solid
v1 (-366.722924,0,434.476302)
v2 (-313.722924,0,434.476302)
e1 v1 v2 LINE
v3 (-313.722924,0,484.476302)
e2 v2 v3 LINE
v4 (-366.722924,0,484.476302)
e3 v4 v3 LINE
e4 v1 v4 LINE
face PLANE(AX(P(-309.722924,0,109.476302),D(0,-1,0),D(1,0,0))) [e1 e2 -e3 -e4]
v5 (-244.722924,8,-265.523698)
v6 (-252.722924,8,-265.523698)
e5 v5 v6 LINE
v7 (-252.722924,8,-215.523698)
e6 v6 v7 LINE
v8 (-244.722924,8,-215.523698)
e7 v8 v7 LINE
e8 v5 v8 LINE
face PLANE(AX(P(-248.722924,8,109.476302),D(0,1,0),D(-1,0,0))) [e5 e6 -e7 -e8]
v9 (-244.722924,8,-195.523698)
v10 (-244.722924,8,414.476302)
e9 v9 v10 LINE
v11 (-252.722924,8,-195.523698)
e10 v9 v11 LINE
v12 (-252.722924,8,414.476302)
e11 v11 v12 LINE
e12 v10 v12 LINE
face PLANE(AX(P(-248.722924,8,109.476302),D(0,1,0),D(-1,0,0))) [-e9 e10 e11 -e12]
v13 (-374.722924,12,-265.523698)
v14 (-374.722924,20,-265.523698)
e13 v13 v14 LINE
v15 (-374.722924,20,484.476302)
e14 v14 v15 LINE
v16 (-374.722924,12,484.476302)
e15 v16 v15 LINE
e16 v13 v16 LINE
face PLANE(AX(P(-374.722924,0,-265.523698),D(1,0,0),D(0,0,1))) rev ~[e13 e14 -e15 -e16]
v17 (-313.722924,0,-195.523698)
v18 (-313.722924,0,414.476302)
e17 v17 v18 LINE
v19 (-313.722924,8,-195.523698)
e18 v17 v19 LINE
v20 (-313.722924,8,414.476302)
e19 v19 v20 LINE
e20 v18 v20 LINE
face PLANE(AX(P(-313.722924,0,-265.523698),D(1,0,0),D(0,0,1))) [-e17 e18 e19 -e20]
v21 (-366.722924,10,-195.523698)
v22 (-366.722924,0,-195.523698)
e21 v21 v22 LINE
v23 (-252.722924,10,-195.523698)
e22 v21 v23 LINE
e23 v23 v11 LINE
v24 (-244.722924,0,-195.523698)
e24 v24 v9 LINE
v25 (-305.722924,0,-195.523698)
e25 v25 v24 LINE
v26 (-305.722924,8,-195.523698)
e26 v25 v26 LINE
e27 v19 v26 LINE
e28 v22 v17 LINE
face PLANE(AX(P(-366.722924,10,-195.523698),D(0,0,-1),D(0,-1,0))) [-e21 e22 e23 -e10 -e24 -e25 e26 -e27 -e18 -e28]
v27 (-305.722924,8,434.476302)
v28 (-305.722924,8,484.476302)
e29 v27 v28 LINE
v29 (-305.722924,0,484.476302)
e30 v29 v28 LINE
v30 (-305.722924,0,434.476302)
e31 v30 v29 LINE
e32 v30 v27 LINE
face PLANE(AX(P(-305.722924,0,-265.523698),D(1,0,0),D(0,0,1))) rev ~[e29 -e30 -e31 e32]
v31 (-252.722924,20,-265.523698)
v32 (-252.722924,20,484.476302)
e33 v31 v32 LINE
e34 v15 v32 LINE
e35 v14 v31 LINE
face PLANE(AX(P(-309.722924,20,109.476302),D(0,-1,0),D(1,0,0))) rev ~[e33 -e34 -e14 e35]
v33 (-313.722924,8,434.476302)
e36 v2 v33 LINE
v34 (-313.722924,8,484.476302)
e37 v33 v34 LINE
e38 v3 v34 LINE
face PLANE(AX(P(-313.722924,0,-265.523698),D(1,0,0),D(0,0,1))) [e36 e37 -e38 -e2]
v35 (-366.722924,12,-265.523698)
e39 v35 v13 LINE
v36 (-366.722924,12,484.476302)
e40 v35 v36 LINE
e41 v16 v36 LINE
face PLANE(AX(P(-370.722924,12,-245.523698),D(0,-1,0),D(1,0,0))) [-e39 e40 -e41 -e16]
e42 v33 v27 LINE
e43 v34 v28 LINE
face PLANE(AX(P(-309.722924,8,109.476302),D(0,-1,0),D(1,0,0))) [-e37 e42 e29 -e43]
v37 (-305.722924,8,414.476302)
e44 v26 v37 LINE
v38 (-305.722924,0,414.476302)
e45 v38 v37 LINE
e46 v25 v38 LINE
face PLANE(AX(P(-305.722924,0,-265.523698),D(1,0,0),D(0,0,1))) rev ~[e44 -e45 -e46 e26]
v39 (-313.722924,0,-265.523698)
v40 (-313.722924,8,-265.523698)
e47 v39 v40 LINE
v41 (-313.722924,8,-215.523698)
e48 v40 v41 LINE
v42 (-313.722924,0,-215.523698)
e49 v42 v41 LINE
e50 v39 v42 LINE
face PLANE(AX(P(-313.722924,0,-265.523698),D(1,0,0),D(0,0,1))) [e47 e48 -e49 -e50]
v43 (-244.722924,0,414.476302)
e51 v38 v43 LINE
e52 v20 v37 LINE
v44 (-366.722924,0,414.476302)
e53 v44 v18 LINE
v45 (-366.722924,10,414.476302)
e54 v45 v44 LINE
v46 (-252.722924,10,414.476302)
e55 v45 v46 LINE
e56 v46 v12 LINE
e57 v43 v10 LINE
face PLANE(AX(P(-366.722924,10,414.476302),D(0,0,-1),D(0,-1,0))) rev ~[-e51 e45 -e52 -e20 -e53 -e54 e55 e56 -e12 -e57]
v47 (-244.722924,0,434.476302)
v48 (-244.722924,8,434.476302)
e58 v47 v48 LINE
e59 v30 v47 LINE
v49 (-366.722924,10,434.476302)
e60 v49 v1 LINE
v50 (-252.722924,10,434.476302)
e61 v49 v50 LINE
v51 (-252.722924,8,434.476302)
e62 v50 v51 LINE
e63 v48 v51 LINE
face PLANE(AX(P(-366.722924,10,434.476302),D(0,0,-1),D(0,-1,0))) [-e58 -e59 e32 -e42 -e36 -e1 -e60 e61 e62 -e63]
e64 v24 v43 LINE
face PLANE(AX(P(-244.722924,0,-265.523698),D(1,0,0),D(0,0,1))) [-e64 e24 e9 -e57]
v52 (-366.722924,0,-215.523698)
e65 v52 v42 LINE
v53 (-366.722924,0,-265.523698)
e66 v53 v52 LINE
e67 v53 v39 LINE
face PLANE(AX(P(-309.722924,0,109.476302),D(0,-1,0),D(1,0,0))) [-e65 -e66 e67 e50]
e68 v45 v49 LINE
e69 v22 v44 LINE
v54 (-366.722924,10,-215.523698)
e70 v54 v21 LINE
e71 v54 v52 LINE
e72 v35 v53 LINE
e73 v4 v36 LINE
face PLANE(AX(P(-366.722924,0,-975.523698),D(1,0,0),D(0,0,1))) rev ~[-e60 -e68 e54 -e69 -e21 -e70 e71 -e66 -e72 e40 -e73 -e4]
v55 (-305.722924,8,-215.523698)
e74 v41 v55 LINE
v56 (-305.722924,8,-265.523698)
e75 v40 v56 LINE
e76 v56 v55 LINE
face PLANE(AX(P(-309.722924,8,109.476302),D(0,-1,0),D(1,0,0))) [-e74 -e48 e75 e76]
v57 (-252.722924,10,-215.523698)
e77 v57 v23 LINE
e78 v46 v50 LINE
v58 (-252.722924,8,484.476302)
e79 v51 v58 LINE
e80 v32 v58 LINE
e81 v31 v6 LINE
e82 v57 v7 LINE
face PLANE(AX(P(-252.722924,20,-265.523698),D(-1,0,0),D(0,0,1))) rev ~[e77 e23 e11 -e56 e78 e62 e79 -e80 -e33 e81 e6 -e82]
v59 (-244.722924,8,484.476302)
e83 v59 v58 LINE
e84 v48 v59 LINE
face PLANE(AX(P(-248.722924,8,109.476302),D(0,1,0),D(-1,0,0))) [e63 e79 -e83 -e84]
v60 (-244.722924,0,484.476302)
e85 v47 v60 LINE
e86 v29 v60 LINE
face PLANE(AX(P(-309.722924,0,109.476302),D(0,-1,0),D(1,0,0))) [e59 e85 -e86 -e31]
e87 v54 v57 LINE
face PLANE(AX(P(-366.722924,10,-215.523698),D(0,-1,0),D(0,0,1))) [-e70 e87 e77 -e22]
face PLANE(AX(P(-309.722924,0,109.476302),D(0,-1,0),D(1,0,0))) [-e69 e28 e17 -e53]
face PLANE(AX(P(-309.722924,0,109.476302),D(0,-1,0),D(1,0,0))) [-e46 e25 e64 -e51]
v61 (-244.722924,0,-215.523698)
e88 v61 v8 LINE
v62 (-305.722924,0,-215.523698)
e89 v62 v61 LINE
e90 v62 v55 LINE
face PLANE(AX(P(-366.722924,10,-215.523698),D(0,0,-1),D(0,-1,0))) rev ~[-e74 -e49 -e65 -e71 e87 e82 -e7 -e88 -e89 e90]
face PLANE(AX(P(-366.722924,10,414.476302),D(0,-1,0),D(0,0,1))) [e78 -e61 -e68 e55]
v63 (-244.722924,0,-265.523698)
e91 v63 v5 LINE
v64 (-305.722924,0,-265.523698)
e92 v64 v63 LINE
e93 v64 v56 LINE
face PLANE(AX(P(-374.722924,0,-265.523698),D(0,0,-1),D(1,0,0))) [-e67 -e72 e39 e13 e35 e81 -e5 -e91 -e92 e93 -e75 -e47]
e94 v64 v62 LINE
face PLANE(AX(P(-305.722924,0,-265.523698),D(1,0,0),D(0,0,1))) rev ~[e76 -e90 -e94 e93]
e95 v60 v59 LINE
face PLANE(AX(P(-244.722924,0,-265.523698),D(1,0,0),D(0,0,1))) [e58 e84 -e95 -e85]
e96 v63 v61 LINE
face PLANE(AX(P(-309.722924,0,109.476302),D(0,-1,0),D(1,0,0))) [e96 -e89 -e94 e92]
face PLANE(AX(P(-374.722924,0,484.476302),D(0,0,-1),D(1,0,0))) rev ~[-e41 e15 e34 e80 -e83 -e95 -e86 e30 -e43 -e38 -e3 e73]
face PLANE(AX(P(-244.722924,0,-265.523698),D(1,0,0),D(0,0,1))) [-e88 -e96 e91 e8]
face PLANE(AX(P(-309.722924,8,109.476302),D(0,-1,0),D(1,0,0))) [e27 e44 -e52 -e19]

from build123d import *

# Parameters (mm, degrees)
F0_W     = 130
F0_H     = 750
F1_DEPTH = 20
F2_W     = 8
F2_H     = 750
F3_DEPTH = 8
F4_W     = 8
F4_H     = 1460
F5_DEPTH = 12
F6_W     = 8
F6_H     = 750
F7_DEPTH = 12
F8_W     = 10
F8_H     = 20
F9_DEPTH = 130


with BuildPart() as f1:
    # F0 (on Front) → F1 (new body)
    with BuildSketch(Plane.XZ):
        with Locations((-309.722924, 109.476302)):
            Rectangle(F0_W, F0_H)
    extrude(amount=-F1_DEPTH)

    # F2 (on face) → F3 (cut)
    with BuildSketch(Plane.XZ):
        with Locations((-309.722924, 109.476302)):
            Rectangle(F2_W, F2_H)
    extrude(amount=-F3_DEPTH, mode=Mode.SUBTRACT)

    # F4 (on face) → F5 (cut)
    with BuildSketch(Plane.XZ):
        with Locations((-370.722924, -245.523698)):
            Rectangle(F4_W, F4_H)
    extrude(amount=-F5_DEPTH, mode=Mode.SUBTRACT)

    # F6 (on face) → F7 (cut)
    with BuildSketch(Plane(origin=(0, 20, 0), x_dir=(-1, 0, 0), z_dir=(0, 1, 0))):
        with Locations((248.722924, 109.476302)):
            Rectangle(F6_W, F6_H)
    extrude(amount=-F7_DEPTH, mode=Mode.SUBTRACT)

    # F8 (on face) → F9 (cut)
    with BuildSketch(Plane(origin=(-366.722924, 0, 0), x_dir=(0, -1, 0), z_dir=(-1, 0, 0))):
        with Locations((-5, -205.523698)):
            Rectangle(F8_W, F8_H)
        with Locations((-5, 424.476302)):
            Rectangle(F8_W, F8_H)
    extrude(amount=-F9_DEPTH, mode=Mode.SUBTRACT)


solid = f1.part
